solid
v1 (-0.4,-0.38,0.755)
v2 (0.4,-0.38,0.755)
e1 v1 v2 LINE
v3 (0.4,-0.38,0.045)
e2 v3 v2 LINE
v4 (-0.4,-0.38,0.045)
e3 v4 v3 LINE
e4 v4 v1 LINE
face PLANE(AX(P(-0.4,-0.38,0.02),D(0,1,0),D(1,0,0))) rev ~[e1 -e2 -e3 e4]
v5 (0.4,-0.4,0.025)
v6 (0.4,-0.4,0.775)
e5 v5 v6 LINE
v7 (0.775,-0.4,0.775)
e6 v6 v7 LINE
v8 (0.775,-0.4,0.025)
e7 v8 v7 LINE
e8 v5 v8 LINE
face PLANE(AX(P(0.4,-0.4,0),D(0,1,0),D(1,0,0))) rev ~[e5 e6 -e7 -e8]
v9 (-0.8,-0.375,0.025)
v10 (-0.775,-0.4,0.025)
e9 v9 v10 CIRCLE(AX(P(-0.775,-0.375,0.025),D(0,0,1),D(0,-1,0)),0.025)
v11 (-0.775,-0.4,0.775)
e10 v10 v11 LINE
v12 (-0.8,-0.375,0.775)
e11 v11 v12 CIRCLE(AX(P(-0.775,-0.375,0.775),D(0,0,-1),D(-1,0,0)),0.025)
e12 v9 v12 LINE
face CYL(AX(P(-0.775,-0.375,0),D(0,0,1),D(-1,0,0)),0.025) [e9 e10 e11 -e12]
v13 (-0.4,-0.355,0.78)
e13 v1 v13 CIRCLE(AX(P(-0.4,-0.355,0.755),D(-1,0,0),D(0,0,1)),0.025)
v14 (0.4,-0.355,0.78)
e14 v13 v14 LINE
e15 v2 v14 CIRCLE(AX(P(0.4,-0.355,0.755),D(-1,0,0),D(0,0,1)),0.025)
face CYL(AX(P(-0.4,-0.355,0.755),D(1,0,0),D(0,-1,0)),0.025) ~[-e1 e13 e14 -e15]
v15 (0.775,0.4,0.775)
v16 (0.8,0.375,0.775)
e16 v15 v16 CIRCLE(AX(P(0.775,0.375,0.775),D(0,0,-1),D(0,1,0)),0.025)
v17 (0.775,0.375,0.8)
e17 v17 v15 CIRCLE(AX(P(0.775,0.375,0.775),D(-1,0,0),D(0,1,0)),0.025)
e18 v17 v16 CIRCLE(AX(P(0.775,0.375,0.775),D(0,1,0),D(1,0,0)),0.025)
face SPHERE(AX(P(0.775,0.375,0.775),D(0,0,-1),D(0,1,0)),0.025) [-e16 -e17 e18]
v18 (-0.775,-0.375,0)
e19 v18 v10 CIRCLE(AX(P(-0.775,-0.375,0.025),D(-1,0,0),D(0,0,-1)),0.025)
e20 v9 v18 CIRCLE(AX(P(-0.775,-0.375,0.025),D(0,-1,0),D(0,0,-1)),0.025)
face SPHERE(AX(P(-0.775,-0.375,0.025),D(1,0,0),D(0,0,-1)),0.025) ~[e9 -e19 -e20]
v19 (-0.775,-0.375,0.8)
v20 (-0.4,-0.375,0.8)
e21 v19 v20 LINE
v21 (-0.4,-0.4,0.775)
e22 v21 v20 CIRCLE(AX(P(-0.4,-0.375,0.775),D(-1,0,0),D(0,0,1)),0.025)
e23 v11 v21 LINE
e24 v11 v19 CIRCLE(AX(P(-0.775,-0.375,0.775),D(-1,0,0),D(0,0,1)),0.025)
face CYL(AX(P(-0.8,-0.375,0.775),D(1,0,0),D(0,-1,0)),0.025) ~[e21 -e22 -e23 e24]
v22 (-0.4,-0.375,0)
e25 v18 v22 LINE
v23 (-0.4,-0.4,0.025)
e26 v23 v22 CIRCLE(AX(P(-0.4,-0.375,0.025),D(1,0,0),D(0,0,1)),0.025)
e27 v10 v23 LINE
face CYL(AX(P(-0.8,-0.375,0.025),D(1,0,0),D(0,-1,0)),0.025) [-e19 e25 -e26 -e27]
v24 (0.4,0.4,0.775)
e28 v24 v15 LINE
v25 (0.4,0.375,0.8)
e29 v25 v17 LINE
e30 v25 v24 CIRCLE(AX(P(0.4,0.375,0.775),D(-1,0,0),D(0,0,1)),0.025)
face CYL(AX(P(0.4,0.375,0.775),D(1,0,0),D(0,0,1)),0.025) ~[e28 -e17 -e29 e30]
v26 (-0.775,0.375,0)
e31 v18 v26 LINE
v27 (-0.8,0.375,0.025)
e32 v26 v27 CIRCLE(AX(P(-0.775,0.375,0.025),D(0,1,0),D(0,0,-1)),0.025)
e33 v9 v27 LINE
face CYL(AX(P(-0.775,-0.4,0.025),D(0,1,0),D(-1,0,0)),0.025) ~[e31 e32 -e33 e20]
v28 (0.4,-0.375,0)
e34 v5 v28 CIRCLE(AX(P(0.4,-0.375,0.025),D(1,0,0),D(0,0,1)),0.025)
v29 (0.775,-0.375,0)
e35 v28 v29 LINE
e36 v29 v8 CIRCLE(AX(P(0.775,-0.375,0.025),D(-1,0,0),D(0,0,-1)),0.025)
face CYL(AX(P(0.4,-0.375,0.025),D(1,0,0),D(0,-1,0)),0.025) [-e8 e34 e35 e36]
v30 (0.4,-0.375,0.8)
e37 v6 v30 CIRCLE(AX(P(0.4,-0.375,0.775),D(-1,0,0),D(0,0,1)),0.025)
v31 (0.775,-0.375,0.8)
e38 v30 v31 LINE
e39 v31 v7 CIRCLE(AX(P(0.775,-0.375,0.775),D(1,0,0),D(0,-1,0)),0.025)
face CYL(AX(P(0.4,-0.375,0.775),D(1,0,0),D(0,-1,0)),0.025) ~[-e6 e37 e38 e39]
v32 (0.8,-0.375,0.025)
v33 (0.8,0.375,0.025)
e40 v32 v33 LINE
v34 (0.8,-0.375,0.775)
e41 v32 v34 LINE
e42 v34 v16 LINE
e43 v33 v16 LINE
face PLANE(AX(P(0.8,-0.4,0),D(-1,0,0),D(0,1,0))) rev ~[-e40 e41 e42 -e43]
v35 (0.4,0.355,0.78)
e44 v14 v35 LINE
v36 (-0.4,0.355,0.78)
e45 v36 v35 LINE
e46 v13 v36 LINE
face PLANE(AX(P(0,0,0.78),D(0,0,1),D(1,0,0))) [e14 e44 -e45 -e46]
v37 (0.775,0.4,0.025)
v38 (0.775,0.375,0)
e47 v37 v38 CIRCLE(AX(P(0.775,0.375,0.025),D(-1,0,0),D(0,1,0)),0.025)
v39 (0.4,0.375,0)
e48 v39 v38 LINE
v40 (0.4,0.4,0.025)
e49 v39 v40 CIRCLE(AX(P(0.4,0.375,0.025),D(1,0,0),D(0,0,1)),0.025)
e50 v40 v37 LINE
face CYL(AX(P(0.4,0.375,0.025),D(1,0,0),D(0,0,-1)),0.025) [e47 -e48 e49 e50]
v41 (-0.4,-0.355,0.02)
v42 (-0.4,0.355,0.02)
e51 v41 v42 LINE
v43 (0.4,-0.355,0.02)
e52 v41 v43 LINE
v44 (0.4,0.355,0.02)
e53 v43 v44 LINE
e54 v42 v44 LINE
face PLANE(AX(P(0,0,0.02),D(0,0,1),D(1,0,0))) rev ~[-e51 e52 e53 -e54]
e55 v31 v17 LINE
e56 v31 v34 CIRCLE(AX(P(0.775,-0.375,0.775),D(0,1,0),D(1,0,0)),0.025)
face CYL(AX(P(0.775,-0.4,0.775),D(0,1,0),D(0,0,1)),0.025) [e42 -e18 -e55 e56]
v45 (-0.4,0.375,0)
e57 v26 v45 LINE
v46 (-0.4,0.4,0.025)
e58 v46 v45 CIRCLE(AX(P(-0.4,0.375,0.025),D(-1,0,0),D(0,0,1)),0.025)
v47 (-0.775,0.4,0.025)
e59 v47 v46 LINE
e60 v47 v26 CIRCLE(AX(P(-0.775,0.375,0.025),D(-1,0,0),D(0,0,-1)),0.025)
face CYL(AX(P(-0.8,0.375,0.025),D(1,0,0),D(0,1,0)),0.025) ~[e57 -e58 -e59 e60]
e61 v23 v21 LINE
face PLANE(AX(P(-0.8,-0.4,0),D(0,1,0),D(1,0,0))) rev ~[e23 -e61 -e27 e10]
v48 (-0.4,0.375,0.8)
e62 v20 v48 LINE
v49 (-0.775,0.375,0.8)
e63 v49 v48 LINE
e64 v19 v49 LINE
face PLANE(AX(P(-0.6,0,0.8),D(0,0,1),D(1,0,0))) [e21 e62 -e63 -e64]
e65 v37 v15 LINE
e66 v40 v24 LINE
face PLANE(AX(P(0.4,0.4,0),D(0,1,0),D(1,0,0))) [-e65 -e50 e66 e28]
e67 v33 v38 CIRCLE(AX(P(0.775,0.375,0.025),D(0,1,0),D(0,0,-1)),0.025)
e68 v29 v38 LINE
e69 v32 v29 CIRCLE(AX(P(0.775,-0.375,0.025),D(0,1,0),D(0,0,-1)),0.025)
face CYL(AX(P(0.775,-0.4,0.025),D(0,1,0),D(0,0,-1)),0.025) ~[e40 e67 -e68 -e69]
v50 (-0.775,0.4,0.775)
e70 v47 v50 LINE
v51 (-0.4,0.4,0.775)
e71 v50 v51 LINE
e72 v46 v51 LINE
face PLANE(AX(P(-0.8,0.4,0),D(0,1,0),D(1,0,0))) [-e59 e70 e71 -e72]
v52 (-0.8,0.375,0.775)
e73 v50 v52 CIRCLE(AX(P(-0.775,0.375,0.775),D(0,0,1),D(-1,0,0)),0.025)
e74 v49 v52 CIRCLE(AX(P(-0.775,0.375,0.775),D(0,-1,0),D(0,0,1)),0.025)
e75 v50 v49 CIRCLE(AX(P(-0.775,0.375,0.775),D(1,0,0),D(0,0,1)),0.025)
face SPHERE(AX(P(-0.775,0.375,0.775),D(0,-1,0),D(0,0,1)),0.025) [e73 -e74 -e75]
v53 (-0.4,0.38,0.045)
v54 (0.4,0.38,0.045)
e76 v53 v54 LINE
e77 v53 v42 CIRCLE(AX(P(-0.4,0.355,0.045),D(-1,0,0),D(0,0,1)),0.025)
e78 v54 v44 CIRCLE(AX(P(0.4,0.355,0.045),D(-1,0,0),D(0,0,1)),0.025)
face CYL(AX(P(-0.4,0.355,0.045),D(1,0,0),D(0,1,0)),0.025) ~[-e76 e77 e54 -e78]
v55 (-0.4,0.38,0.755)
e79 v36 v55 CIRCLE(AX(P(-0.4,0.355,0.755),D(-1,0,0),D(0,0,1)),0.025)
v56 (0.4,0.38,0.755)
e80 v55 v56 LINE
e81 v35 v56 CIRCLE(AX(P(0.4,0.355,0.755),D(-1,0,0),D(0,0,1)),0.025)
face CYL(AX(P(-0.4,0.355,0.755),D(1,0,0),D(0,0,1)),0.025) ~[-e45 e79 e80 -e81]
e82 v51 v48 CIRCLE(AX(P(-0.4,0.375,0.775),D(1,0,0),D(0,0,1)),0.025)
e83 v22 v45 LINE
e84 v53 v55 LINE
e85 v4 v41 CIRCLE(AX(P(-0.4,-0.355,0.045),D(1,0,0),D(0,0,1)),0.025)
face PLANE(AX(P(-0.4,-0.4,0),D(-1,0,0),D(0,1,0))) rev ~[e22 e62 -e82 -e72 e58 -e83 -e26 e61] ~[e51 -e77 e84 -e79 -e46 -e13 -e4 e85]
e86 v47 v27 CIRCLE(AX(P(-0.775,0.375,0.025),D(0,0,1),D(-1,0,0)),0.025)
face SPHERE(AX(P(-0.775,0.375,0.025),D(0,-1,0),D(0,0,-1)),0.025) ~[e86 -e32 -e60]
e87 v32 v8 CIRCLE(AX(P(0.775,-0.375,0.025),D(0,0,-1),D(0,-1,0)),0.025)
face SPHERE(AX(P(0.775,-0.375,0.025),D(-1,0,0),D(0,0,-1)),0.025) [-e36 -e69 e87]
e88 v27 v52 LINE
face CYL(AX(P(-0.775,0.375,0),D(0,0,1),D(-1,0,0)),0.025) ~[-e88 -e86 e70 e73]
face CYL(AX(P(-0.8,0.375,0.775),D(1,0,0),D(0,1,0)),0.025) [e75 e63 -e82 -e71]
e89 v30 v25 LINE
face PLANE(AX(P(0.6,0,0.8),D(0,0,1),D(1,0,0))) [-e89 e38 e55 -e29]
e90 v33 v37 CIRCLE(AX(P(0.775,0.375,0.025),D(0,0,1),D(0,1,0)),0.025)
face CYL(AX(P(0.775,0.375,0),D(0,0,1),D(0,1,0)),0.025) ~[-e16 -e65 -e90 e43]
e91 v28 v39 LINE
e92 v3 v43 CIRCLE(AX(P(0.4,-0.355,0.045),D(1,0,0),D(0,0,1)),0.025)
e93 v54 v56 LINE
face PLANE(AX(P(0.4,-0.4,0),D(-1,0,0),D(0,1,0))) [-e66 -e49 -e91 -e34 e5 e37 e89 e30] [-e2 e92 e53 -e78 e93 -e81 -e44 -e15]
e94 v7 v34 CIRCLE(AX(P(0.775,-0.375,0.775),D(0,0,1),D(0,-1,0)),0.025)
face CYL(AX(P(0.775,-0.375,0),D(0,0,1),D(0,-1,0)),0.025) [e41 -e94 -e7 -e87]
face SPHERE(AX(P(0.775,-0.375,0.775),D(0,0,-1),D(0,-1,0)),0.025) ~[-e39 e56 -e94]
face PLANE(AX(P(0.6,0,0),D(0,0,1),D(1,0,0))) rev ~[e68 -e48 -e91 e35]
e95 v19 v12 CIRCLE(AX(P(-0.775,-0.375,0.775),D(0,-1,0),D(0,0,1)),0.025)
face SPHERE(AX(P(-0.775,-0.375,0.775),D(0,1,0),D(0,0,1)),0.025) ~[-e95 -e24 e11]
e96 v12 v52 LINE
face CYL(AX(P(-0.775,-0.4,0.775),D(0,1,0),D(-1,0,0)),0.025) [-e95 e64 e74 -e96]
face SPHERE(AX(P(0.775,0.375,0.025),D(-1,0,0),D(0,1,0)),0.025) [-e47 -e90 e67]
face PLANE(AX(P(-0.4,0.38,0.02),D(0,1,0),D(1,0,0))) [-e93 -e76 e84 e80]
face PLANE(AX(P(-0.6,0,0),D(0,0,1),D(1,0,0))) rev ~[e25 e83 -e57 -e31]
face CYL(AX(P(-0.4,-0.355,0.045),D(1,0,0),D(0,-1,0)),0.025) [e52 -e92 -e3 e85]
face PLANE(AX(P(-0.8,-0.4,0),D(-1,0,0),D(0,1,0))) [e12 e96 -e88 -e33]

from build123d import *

# Parameters (mm, degrees)
SKETCH_3_W        = 0.4
SKETCH_3_H        = 0.8
EXTRUDE_3_DEPTH   = 0.8
EXTRUDE_3_2_DEPTH = 0.8
EXTRUDE_START     = 0.02
SKETCH_4_W        = 0.8
SKETCH_4_H        = 0.76
EXTRUDE_3_3_DEPTH = 0.76
FILLET_2_R        = 0.025
FILLET_3_R        = 0.025


with BuildPart() as part:
    # Эскиз3 → Extrude 3 (new body)
    with BuildSketch(Plane.XY):
        with Locations((0.6, 0)):
            Rectangle(SKETCH_3_W, SKETCH_3_H)
    extrude(amount=EXTRUDE_3_DEPTH)



with BuildPart() as body_2:
    # Эскиз3 → Extrude 3 2 (new body)
    with BuildSketch(Plane.XY):
        with Locations((-0.6, 0)):
            Rectangle(SKETCH_3_W, SKETCH_3_H)
    extrude(amount=EXTRUDE_3_2_DEPTH)


with BuildPart() as part_1:
    add(part.part)

    add(body_2.part)  # Extrude 3 3 merges body 2
    # Эскиз4 → Extrude 3 3 (add)
    with BuildSketch(Plane.XY.offset(EXTRUDE_START)):
        Rectangle(SKETCH_4_W, SKETCH_4_H)
    extrude(amount=EXTRUDE_3_3_DEPTH)

    # Скругление2
    fillet_2_edges = [part_1.edges().sort_by_distance(p)[0] for p in [
        (-0.8, 0, 0.8),
        (-0.6, -0.4, 0.8),
        (0.6, 0.4, 0),
        (0.8, 0.4, 0.4),
        (0.6, -0.4, 0),
        (0.8, 0, 0),
        (0.8, -0.4, 0.4),
        (0.6, 0.4, 0.8),
        (0.6, -0.4, 0.8),
        (0.8, 0, 0.8),
        (-0.6, -0.4, 0),
        (-0.8, 0, 0),
        (-0.6, 0.4, 0),
        (-0.6, 0.4, 0.8),
        (-0.8, -0.4, 0.4),
        (-0.8, 0.4, 0.4),
    ]]
    fillet(fillet_2_edges, radius=FILLET_2_R)

    # Скругление3
    fillet_3_edges = [part_1.edges().sort_by_distance(p)[0] for p in [
        (0, -0.38, 0.02),
        (0, 0.38, 0.02),
        (0, 0.38, 0.78),
        (0, -0.38, 0.78),
    ]]
    fillet(fillet_3_edges, radius=FILLET_3_R)


solid = part_1.part
